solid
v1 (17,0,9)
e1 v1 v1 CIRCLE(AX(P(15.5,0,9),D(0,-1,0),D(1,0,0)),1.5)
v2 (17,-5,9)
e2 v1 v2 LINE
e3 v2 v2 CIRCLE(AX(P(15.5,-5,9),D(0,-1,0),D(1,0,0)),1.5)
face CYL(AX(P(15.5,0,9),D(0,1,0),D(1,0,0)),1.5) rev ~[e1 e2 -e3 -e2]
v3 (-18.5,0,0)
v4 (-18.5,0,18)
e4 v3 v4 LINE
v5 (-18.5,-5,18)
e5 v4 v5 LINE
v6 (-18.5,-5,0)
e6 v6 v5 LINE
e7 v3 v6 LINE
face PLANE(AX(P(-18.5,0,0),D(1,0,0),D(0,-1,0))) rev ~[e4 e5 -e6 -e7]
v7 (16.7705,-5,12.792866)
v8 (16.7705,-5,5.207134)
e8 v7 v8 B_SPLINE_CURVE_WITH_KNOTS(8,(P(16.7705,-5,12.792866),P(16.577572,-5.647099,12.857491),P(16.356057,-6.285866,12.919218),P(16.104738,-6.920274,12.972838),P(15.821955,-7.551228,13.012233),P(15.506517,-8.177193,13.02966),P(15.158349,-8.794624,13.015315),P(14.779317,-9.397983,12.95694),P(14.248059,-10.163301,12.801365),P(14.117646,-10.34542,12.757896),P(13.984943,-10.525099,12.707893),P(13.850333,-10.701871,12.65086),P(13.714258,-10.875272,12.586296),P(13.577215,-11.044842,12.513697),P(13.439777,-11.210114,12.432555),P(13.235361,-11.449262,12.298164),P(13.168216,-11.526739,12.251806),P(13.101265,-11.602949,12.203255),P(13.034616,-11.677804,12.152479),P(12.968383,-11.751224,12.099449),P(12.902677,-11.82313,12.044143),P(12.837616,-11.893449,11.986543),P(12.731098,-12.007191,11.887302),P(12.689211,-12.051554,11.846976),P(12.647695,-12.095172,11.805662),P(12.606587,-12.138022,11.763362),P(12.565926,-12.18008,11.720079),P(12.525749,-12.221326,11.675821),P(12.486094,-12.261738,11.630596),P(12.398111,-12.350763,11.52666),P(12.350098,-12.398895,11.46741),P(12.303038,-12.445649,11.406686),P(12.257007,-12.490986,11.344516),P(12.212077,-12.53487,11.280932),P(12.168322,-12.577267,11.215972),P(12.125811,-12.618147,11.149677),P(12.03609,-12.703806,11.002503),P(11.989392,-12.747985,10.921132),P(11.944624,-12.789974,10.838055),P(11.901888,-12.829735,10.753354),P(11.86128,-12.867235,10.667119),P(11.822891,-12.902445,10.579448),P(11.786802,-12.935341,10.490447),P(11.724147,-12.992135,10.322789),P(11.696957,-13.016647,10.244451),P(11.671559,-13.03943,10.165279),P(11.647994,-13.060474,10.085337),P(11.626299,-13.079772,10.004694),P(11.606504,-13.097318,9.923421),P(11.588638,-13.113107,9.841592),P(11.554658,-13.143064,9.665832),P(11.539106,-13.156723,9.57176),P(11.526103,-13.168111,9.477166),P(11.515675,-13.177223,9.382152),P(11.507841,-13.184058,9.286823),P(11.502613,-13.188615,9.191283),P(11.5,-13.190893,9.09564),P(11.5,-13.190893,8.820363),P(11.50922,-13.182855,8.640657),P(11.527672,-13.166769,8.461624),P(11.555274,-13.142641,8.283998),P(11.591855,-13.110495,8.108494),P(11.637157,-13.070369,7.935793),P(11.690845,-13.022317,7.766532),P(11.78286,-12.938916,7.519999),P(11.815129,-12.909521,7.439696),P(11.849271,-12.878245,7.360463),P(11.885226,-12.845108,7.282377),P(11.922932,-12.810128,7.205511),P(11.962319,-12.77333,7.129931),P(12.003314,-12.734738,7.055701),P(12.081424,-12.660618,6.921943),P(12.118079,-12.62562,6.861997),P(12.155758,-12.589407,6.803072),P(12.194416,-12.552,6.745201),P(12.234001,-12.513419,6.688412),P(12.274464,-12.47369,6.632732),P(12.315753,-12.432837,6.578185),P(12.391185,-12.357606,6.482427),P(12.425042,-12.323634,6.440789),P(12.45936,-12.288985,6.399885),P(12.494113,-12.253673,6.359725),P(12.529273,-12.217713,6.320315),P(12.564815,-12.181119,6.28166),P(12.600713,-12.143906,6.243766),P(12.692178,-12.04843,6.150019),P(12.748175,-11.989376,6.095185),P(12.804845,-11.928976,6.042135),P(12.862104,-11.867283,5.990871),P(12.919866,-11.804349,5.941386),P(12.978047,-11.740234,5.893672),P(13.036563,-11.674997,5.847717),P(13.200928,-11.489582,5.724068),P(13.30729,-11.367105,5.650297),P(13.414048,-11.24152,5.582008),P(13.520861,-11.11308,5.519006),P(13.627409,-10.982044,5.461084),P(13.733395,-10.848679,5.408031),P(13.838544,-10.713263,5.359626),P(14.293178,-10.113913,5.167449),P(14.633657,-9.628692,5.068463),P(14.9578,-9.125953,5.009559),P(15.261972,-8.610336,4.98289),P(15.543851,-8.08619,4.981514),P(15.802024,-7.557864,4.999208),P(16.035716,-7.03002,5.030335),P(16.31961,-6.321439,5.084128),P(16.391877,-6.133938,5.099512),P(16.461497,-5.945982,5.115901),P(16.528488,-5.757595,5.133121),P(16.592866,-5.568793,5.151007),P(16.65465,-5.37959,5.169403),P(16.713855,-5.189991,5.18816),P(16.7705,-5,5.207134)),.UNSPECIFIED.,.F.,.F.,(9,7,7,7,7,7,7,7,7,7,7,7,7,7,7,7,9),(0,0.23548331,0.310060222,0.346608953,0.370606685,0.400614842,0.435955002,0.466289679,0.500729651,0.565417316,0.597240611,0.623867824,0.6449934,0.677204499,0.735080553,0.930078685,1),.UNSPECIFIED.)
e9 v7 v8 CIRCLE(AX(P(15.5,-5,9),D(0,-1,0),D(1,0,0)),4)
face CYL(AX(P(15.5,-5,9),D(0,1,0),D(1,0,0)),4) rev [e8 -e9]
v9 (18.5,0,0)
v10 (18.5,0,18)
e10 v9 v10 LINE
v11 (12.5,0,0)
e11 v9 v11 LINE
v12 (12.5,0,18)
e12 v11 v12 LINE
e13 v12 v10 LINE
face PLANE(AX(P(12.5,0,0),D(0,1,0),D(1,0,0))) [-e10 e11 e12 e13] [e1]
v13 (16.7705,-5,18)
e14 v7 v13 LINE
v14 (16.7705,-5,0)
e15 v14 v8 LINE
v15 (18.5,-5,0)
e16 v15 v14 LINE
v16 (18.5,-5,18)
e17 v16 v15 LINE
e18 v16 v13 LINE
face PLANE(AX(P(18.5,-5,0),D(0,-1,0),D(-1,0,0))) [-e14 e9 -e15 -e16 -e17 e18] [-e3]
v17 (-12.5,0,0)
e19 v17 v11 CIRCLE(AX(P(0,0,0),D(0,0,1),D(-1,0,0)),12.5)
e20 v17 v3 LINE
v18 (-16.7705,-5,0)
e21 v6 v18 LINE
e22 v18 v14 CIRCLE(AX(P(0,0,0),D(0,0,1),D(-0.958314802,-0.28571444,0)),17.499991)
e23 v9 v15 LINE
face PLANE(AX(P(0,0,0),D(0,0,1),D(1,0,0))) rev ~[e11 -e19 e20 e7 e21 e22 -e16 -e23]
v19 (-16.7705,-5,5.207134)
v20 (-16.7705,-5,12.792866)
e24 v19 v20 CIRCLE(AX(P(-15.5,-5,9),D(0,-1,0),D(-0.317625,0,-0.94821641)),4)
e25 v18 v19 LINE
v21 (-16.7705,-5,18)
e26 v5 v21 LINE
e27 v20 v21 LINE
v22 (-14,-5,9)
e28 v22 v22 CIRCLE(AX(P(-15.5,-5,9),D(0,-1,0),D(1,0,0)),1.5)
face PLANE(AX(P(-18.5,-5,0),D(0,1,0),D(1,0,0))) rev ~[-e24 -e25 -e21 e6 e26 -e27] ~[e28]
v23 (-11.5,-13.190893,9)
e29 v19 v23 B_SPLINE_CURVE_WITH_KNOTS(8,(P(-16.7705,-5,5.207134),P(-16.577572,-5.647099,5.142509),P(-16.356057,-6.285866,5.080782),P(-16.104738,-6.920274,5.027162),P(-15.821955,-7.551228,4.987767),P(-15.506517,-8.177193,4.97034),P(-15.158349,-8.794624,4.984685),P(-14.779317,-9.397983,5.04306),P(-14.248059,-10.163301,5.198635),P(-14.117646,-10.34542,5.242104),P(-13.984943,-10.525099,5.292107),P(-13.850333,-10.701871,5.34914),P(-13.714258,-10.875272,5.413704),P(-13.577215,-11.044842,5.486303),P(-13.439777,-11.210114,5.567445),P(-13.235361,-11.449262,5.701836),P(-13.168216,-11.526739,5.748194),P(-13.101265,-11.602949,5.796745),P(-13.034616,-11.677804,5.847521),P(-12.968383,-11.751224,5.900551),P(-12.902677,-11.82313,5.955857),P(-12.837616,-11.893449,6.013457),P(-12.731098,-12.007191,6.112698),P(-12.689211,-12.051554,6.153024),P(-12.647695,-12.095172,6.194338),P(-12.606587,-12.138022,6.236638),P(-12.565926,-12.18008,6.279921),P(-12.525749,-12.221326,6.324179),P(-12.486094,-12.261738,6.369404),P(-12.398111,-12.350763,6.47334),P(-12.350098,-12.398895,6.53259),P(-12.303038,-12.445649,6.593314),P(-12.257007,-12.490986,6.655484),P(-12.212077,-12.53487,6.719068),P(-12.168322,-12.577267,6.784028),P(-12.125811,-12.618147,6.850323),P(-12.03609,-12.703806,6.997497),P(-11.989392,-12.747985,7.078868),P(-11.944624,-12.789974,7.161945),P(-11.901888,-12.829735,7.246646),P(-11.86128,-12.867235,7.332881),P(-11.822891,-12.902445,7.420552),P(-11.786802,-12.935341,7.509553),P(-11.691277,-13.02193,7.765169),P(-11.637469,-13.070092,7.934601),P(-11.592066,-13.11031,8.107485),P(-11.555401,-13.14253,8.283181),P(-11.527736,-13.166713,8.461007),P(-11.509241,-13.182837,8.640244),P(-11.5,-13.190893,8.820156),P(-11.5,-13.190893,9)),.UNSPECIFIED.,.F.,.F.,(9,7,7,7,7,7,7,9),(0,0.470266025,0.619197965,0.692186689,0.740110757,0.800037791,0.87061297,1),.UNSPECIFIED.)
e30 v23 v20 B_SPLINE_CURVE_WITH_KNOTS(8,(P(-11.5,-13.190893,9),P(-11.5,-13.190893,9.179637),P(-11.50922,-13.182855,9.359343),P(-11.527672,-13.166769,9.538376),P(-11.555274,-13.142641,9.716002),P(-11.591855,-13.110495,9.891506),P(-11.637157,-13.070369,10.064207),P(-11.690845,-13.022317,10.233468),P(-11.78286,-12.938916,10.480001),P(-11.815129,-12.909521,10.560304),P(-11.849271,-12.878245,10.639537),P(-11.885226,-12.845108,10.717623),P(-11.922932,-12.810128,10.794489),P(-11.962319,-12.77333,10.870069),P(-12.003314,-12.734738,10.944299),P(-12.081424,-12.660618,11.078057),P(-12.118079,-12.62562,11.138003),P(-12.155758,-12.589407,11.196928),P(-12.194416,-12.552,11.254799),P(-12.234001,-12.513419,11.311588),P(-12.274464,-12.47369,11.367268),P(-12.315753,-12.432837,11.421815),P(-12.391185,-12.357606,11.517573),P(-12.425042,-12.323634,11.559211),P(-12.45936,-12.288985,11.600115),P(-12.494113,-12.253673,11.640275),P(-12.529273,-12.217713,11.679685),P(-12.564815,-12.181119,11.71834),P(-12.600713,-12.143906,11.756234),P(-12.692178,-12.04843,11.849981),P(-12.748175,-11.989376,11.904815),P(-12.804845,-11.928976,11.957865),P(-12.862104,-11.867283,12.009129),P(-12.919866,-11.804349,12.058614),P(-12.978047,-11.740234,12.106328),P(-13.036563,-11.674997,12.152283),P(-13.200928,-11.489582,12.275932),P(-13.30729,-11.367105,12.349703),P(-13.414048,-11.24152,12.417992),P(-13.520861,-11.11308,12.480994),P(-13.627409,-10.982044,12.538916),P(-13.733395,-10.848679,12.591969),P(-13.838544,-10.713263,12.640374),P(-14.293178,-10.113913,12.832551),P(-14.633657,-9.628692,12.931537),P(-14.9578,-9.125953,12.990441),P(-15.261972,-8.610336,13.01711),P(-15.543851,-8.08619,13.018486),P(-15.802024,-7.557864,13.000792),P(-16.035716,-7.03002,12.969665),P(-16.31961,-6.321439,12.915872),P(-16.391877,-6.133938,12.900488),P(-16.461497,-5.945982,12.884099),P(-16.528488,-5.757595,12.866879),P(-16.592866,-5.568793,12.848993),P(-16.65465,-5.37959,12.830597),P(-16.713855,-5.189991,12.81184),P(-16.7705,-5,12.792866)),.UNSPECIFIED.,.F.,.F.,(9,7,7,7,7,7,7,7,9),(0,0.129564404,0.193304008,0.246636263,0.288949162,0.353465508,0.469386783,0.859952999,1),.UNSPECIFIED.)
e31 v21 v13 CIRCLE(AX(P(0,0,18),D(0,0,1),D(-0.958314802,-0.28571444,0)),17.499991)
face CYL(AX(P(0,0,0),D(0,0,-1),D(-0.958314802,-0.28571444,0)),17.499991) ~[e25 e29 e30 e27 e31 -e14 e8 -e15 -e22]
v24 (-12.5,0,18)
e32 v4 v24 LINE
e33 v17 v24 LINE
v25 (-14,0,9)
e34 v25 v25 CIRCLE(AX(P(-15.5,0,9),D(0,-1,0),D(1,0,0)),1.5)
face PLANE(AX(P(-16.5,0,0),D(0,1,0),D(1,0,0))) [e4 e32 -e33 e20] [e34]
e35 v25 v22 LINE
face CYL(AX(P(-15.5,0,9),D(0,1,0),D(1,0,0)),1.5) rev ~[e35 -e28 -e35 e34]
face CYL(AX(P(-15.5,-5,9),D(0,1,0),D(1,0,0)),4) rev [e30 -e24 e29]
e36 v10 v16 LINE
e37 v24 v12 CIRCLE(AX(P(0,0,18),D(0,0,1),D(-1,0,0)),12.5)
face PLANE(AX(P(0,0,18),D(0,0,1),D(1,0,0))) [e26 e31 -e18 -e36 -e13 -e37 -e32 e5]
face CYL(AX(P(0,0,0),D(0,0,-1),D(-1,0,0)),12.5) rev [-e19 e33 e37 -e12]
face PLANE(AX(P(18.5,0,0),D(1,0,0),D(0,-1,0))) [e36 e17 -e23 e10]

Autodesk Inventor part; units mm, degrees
ref_plane "YZ Plane" through (0, 0, 0) normal (1, 0, 0) x (0, 1, 0)
ref_plane "XZ Plane" through (0, 0, 0) normal (0, 1, 0) x (-1, 0, 0)
ref_plane "XY Plane" through (0, 0, 0) normal (0, 0, 1) x (1, 0, 0)
sketch "Sketch1" plane through (0, 0, 0) normal (0, 0, 1) x (1, 0, 0)
  arc A0 (-12.5, 0) -> (12.5, 0) centre (0, 0) ccw
  arc A1 (-16.7705, -5) -> (16.7705, -5) centre (0, 0) ccw
  line L0 (-16.5, 0) -> (-18.5, 0)
  line L1 (-18.5, 0) -> (-18.5, -5)
  line L2 (-18.5, -5) -> (-16.7705, -5)
  line L3 (16.5, 0) -> (18.5, 0)
  line L4 (18.5, 0) -> (18.5, -5)
  line L5 (18.5, -5) -> (16.7705, -5)
  line L6 (-16.5, 0) -> (-12.5, 0)
  line L7 (12.5, 0) -> (16.5, 0)
  point P0 (-17.5, 0)
  dimension "d0" = 25
  dimension "d2" = 5
  dimension "d3" = 2
  dimension "d4" = 5
  dimension "d22" = 6
extrude "Extrusion1" add sketch "Sketch1" along normal blind 18
sketch "Sketch2" plane through (-18.5, 0, 0) normal (0, 1, 0) x (1, 0, 0)
  circle A0 centre (3, -9) radius 1.5
  circle A1 centre (34, -9) radius 1.5
  line L0 (6, 0) -> (0, 0) projected
  line L1 (37, 0) -> (31, 0) projected
  line L2 (37, 0) -> (37, -18) projected
  line L3 (0, 0) -> (0, -18) projected
  line L4 (6, 0) -> (6, -18) projected
  line L5 (31, 0) -> (31, -18) projected
  point P0 (18.5, 0)
  dimension "d8" = 3
  dimension "d9" = 3
  dimension "d10" = 9
  dimension "d11" = 9
  dimension "d16" = 3
  dimension "d17" = 3
extrude "Extrusion2" cut sketch "Sketch2" against normal blind 18
sketch "Sketch3" plane through (-18.5, -5, 0) normal (0, -1, 0) x (1, 0, 0)
  circle A0 centre (3, 9) radius 1.5 projected
  circle A1 centre (3, 9) radius 4
  circle A2 centre (34, 9) radius 1.5 projected
  circle A3 centre (34, 9) radius 4
  point P0 (18.5, 0)
  dimension "d18" = 8
  dimension "d19" = 8
extrude "Extrusion3" cut sketch "Sketch3" along normal blind 10
properties part number "Clamp_Mount"
